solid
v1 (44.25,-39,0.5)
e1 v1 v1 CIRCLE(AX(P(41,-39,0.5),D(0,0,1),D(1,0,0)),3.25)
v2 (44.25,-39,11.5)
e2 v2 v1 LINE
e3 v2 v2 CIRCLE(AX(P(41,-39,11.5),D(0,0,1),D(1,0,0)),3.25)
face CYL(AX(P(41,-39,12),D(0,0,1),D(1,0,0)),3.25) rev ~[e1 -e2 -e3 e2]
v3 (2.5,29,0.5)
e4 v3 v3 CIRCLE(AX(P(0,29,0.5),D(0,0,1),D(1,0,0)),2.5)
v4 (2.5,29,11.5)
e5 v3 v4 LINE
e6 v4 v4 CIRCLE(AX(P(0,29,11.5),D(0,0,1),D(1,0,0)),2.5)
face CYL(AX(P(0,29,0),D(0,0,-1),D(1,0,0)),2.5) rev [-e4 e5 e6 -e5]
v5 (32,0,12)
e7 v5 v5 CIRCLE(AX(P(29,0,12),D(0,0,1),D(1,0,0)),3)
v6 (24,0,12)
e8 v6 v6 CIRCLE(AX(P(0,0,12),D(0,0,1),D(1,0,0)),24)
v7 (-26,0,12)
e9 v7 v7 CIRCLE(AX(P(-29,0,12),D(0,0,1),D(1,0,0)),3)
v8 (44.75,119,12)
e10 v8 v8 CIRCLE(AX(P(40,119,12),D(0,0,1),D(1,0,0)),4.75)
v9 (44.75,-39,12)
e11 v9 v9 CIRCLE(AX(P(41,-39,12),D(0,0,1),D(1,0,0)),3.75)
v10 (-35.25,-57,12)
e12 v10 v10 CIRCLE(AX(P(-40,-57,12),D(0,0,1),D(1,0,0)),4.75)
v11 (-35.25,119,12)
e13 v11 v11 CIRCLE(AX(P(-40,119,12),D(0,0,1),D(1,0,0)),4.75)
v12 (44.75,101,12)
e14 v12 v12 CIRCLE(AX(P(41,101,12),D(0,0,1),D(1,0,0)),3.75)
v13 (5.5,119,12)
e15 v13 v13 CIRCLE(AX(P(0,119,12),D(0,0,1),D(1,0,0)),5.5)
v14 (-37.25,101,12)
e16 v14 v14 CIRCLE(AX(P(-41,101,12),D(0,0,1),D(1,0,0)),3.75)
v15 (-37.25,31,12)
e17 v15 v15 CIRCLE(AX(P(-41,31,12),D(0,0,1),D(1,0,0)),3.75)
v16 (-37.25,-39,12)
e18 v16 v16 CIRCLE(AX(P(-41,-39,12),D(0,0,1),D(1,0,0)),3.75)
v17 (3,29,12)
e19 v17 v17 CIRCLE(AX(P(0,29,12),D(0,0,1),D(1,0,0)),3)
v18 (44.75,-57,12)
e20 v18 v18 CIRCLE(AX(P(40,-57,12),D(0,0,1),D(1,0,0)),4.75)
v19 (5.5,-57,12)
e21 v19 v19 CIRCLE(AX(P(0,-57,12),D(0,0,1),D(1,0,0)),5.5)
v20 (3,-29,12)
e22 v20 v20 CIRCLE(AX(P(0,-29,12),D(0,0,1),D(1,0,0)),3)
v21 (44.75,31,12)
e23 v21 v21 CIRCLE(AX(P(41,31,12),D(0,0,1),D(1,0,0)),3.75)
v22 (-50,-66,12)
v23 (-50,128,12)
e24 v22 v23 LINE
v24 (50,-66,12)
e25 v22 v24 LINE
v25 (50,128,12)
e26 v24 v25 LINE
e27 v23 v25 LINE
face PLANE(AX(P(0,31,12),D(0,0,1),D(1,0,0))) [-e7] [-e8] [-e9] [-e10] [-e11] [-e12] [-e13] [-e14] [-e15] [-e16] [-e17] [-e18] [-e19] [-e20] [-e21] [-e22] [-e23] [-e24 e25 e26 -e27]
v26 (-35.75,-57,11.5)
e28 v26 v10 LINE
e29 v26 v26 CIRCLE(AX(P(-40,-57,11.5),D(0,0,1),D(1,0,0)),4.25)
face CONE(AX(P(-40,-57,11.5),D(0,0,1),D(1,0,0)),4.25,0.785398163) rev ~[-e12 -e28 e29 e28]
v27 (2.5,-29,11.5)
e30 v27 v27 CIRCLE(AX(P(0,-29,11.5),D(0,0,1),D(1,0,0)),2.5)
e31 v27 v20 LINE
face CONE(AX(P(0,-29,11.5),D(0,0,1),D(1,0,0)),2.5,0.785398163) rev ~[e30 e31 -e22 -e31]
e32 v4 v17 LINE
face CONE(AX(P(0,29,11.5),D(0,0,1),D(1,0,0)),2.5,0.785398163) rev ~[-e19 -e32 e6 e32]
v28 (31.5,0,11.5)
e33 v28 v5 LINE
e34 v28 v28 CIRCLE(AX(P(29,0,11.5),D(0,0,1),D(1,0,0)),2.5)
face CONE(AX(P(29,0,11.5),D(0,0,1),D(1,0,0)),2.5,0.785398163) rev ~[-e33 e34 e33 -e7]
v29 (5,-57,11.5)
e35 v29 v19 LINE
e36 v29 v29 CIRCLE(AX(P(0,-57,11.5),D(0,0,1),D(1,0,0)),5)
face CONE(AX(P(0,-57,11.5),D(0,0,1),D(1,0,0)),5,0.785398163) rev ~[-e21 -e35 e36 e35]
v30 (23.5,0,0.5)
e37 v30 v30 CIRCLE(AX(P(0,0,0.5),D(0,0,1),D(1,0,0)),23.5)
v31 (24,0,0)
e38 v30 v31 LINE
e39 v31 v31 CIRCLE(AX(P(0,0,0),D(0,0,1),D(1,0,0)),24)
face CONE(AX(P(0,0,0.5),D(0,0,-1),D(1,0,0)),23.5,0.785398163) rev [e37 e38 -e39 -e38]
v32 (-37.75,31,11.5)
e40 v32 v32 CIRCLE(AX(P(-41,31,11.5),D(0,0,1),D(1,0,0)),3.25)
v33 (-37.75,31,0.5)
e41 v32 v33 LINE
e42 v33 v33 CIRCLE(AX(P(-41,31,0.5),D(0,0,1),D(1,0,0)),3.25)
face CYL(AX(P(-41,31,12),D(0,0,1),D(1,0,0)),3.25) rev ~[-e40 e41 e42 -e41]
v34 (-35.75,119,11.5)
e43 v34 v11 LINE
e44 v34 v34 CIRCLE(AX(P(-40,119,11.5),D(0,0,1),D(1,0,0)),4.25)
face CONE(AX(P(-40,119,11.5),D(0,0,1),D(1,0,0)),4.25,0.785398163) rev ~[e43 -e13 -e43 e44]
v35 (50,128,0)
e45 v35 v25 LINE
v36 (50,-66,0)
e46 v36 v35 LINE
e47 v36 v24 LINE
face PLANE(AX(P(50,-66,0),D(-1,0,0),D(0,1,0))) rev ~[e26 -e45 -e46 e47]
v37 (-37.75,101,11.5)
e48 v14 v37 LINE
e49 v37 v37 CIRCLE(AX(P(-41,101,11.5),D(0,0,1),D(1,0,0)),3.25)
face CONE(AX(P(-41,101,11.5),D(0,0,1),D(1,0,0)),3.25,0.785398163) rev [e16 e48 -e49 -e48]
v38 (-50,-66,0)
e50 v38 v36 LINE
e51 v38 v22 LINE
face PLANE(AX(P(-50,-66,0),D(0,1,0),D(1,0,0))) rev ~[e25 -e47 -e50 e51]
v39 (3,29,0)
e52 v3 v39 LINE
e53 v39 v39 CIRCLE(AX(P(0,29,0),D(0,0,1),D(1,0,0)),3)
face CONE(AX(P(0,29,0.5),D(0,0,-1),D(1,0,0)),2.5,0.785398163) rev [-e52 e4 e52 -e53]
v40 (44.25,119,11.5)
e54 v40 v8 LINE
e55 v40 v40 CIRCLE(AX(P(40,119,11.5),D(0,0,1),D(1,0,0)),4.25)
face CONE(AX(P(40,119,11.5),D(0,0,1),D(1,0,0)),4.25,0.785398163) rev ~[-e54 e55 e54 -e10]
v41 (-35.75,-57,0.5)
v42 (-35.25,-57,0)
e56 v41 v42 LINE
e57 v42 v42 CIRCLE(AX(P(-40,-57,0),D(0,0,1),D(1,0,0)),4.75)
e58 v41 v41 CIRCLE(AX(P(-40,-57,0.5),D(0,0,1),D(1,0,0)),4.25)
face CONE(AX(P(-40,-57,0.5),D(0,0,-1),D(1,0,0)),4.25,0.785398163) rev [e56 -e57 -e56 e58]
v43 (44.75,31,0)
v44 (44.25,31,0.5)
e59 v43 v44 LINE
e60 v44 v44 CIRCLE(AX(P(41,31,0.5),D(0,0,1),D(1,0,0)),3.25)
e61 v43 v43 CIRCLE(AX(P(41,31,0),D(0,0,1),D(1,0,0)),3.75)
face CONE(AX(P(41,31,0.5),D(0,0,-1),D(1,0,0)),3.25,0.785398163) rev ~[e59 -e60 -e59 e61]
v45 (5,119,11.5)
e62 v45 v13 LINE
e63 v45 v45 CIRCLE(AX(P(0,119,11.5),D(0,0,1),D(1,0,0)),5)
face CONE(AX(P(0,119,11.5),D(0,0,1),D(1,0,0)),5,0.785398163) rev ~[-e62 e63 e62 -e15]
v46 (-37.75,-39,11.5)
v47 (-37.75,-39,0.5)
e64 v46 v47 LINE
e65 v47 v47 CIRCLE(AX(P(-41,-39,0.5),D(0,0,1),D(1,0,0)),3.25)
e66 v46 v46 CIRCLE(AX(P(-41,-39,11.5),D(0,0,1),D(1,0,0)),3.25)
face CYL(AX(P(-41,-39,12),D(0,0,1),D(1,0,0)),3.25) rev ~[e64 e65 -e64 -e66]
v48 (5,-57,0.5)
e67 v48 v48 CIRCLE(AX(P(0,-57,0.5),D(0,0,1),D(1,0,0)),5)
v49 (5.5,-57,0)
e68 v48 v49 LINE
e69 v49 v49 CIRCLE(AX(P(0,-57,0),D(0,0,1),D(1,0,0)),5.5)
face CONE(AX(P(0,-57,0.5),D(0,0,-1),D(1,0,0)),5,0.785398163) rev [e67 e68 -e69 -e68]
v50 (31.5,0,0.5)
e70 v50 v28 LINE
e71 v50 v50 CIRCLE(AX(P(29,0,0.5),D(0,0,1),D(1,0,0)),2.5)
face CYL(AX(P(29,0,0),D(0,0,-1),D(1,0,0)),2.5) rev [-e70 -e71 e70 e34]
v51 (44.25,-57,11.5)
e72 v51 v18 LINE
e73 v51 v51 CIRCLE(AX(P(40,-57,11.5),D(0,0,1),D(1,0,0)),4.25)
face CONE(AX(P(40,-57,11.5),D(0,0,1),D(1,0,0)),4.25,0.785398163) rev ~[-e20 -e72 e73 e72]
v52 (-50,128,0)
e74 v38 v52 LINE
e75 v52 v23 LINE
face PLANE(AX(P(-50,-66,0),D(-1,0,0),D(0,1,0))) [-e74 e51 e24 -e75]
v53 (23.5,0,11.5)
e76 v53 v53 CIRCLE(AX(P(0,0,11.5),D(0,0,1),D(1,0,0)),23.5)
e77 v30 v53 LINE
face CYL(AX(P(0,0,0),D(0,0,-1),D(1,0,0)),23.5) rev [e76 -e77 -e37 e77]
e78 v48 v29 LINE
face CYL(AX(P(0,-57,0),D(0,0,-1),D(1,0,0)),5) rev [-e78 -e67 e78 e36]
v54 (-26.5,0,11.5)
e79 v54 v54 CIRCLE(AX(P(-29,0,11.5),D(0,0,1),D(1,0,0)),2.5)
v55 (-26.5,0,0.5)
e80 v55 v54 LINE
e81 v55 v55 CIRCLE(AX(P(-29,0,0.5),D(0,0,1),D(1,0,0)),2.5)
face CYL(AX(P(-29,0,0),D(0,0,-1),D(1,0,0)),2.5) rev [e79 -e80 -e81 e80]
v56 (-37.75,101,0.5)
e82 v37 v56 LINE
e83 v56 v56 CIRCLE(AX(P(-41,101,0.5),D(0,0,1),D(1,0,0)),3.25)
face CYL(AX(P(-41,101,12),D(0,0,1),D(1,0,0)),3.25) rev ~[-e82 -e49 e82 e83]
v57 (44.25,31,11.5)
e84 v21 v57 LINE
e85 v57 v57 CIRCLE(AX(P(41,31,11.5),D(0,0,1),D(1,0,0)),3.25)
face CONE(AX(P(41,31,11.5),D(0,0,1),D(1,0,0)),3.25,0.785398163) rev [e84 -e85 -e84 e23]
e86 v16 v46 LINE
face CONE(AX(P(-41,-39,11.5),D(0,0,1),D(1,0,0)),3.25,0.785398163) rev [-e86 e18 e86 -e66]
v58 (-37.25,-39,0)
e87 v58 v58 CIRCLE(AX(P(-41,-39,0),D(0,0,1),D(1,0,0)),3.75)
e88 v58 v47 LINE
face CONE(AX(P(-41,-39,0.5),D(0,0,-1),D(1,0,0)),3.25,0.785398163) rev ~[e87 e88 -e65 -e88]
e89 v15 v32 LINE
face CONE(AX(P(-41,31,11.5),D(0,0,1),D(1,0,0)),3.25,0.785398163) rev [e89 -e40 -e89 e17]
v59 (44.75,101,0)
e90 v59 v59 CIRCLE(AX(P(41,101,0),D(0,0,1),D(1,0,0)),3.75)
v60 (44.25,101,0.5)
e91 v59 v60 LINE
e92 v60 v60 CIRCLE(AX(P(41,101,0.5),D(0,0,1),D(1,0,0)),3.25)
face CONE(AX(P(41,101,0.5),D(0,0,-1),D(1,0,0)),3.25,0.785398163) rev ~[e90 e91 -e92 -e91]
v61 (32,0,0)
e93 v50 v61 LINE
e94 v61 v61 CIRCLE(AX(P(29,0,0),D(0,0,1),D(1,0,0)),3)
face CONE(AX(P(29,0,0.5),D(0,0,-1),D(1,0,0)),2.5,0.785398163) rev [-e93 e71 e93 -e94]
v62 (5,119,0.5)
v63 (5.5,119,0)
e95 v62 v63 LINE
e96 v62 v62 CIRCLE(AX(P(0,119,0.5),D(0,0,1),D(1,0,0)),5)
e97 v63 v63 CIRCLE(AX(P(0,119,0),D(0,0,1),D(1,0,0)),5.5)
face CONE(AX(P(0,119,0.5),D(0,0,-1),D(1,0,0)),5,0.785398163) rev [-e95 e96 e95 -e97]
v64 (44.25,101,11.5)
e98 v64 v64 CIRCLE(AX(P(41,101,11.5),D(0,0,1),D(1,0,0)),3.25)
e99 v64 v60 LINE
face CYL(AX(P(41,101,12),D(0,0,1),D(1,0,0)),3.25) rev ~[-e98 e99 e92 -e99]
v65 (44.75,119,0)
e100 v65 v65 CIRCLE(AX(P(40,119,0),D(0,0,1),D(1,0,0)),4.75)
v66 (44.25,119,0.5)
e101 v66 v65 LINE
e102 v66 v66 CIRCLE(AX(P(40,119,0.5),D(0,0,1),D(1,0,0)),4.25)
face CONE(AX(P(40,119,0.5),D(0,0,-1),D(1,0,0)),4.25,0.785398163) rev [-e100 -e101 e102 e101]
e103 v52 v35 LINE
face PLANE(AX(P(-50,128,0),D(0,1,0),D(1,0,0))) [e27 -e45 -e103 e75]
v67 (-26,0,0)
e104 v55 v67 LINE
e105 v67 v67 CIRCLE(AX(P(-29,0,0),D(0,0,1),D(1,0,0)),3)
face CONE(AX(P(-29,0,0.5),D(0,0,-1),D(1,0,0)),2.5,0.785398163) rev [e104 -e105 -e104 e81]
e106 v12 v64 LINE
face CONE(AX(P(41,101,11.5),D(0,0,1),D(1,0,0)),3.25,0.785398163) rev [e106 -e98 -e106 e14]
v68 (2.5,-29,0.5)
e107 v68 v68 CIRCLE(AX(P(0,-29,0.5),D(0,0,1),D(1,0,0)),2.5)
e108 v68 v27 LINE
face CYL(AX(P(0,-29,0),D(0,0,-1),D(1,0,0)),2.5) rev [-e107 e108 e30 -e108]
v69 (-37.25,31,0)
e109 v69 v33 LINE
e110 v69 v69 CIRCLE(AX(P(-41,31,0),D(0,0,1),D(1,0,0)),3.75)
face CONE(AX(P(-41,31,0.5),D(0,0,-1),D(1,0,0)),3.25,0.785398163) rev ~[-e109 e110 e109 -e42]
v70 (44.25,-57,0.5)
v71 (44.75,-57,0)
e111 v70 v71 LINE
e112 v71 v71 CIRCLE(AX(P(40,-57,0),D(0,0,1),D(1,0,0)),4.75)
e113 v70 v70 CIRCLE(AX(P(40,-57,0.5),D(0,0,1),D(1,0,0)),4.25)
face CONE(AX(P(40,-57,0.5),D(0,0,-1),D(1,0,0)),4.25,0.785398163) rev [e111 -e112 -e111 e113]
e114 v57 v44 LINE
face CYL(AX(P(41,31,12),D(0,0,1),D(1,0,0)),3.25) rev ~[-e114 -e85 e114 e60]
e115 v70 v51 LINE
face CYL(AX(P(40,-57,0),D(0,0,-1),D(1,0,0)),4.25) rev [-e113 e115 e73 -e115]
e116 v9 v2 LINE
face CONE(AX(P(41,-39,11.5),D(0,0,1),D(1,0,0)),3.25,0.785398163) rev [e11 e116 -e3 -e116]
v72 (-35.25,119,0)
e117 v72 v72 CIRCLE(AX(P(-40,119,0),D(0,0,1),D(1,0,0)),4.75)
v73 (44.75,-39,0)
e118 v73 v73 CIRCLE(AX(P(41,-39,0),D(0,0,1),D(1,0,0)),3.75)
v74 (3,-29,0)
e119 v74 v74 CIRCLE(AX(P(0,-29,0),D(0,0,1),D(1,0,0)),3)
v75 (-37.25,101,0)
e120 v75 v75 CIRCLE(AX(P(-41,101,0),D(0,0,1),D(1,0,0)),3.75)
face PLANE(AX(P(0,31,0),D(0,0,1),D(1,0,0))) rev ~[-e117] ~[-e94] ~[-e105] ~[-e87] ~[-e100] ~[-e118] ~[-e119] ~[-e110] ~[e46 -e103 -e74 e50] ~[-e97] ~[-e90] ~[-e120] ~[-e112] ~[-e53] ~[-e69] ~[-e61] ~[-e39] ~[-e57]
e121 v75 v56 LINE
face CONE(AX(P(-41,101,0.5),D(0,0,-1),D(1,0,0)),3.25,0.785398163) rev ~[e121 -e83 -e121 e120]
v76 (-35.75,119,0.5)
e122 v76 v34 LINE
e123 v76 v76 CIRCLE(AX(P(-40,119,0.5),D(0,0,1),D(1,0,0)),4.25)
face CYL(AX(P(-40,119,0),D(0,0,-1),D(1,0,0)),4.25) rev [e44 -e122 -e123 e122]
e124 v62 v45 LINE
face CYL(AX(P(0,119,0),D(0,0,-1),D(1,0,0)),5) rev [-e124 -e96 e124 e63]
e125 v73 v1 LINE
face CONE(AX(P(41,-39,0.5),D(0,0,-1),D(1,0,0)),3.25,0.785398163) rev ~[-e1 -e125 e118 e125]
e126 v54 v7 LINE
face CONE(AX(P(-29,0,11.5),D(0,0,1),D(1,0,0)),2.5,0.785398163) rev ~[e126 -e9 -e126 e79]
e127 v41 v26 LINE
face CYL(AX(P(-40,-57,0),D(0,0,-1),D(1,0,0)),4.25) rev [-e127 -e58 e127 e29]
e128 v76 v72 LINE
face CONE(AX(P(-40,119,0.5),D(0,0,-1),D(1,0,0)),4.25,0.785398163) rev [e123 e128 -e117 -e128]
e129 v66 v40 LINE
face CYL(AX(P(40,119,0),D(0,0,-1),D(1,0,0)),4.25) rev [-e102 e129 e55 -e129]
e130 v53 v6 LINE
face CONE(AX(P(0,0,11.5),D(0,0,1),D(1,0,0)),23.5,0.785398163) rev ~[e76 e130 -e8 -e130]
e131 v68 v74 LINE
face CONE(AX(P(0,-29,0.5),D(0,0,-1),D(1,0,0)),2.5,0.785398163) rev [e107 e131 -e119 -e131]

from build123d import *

# Parameters (mm, degrees)
F0_W     = 100
F0_H     = 194
F0_R     = 4.25
F0_R_2   = 2.5
F0_R_3   = 5
F0_R_4   = 23.5
F1_DEPTH = 12
F2_SIZE  = 0.5
F3_R     = 3.25
F4_DEPTH = 25
F5_SIZE  = 0.5


with BuildPart() as f1:
    # F0 (on Top) → F1 (new body)
    with BuildSketch(Plane.XY):
        with Locations((0, 31)):
            Rectangle(F0_W, F0_H)
        with Locations((-40, -57)):
            Circle(F0_R, mode=Mode.SUBTRACT)
        with Locations((-29, 0)):
            Circle(F0_R_2, mode=Mode.SUBTRACT)
        with Locations((0, -57)):
            Circle(F0_R_3, mode=Mode.SUBTRACT)
        with Locations((0, -29)):
            Circle(F0_R_2, mode=Mode.SUBTRACT)
        with Locations((40, -57)):
            Circle(F0_R, mode=Mode.SUBTRACT)
        Circle(F0_R_4, mode=Mode.SUBTRACT)
        with Locations((0, 29)):
            Circle(F0_R_2, mode=Mode.SUBTRACT)
        with Locations((29, 0)):
            Circle(F0_R_2, mode=Mode.SUBTRACT)
        with Locations((-40, 119)):
            Circle(F0_R, mode=Mode.SUBTRACT)
        with Locations((0, 119)):
            Circle(F0_R_3, mode=Mode.SUBTRACT)
        with Locations((40, 119)):
            Circle(F0_R, mode=Mode.SUBTRACT)
    extrude(amount=F1_DEPTH)

    # F2
    f2_edges = [f1.edges().sort_by_distance(p)[0] for p in [
        (-35.75, 119, 6),
        (-44.25, 119, 0),
        (-44.25, 119, 12),
        (5, 119, 6),
        (-5, 119, 0),
        (-5, 119, 12),
        (44.25, 119, 6),
        (35.75, 119, 0),
        (35.75, 119, 12),
        (23.5, 0, 6),
        (-23.5, 0, 0),
        (-23.5, 0, 12),
        (-35.75, -57, 6),
        (-44.25, -57, 0),
        (-44.25, -57, 12),
        (5, -57, 6),
        (-5, -57, 0),
        (-5, -57, 12),
        (44.25, -57, 6),
        (35.75, -57, 0),
        (35.75, -57, 12),
        (2.5, 29, 6),
        (-2.5, 29, 0),
        (-2.5, 29, 12),
        (-26.5, 0, 6),
        (-31.5, 0, 0),
        (-31.5, 0, 12),
        (2.5, -29, 6),
        (-2.5, -29, 0),
        (-2.5, -29, 12),
        (31.5, 0, 6),
        (26.5, 0, 0),
        (26.5, 0, 12),
    ]]
    chamfer(f2_edges, length=F2_SIZE)

    # F3 (on face) → F4 (cut)
    with BuildSketch(Plane.XY.offset(12)):
        with Locations((-41, 31)):
            Circle(F3_R)
        with Locations((41, 31)):
            Circle(F3_R)
        with Locations((41, 101)):
            Circle(F3_R)
        with Locations((-41, 101)):
            Circle(F3_R)
        with Locations((41, -39)):
            Circle(F3_R)
        with Locations((-41, -39)):
            Circle(F3_R)
    extrude(amount=-F4_DEPTH, mode=Mode.SUBTRACT)

    # F5
    f5_edges = [f1.edges().sort_by_distance(p)[0] for p in [
        (-44.25, 101, 12),
        (-37.75, 101, 6),
        (-44.25, 101, 0),
        (37.75, 101, 12),
        (44.25, 101, 6),
        (37.75, 101, 0),
        (37.75, 31, 12),
        (44.25, 31, 6),
        (37.75, 31, 0),
        (-44.25, 31, 12),
        (-37.75, 31, 6),
        (-44.25, 31, 0),
        (-44.25, -39, 12),
        (-37.75, -39, 6),
        (-44.25, -39, 0),
        (37.75, -39, 12),
        (44.25, -39, 6),
        (37.75, -39, 0),
    ]]
    chamfer(f5_edges, length=F5_SIZE)


solid = f1.part
